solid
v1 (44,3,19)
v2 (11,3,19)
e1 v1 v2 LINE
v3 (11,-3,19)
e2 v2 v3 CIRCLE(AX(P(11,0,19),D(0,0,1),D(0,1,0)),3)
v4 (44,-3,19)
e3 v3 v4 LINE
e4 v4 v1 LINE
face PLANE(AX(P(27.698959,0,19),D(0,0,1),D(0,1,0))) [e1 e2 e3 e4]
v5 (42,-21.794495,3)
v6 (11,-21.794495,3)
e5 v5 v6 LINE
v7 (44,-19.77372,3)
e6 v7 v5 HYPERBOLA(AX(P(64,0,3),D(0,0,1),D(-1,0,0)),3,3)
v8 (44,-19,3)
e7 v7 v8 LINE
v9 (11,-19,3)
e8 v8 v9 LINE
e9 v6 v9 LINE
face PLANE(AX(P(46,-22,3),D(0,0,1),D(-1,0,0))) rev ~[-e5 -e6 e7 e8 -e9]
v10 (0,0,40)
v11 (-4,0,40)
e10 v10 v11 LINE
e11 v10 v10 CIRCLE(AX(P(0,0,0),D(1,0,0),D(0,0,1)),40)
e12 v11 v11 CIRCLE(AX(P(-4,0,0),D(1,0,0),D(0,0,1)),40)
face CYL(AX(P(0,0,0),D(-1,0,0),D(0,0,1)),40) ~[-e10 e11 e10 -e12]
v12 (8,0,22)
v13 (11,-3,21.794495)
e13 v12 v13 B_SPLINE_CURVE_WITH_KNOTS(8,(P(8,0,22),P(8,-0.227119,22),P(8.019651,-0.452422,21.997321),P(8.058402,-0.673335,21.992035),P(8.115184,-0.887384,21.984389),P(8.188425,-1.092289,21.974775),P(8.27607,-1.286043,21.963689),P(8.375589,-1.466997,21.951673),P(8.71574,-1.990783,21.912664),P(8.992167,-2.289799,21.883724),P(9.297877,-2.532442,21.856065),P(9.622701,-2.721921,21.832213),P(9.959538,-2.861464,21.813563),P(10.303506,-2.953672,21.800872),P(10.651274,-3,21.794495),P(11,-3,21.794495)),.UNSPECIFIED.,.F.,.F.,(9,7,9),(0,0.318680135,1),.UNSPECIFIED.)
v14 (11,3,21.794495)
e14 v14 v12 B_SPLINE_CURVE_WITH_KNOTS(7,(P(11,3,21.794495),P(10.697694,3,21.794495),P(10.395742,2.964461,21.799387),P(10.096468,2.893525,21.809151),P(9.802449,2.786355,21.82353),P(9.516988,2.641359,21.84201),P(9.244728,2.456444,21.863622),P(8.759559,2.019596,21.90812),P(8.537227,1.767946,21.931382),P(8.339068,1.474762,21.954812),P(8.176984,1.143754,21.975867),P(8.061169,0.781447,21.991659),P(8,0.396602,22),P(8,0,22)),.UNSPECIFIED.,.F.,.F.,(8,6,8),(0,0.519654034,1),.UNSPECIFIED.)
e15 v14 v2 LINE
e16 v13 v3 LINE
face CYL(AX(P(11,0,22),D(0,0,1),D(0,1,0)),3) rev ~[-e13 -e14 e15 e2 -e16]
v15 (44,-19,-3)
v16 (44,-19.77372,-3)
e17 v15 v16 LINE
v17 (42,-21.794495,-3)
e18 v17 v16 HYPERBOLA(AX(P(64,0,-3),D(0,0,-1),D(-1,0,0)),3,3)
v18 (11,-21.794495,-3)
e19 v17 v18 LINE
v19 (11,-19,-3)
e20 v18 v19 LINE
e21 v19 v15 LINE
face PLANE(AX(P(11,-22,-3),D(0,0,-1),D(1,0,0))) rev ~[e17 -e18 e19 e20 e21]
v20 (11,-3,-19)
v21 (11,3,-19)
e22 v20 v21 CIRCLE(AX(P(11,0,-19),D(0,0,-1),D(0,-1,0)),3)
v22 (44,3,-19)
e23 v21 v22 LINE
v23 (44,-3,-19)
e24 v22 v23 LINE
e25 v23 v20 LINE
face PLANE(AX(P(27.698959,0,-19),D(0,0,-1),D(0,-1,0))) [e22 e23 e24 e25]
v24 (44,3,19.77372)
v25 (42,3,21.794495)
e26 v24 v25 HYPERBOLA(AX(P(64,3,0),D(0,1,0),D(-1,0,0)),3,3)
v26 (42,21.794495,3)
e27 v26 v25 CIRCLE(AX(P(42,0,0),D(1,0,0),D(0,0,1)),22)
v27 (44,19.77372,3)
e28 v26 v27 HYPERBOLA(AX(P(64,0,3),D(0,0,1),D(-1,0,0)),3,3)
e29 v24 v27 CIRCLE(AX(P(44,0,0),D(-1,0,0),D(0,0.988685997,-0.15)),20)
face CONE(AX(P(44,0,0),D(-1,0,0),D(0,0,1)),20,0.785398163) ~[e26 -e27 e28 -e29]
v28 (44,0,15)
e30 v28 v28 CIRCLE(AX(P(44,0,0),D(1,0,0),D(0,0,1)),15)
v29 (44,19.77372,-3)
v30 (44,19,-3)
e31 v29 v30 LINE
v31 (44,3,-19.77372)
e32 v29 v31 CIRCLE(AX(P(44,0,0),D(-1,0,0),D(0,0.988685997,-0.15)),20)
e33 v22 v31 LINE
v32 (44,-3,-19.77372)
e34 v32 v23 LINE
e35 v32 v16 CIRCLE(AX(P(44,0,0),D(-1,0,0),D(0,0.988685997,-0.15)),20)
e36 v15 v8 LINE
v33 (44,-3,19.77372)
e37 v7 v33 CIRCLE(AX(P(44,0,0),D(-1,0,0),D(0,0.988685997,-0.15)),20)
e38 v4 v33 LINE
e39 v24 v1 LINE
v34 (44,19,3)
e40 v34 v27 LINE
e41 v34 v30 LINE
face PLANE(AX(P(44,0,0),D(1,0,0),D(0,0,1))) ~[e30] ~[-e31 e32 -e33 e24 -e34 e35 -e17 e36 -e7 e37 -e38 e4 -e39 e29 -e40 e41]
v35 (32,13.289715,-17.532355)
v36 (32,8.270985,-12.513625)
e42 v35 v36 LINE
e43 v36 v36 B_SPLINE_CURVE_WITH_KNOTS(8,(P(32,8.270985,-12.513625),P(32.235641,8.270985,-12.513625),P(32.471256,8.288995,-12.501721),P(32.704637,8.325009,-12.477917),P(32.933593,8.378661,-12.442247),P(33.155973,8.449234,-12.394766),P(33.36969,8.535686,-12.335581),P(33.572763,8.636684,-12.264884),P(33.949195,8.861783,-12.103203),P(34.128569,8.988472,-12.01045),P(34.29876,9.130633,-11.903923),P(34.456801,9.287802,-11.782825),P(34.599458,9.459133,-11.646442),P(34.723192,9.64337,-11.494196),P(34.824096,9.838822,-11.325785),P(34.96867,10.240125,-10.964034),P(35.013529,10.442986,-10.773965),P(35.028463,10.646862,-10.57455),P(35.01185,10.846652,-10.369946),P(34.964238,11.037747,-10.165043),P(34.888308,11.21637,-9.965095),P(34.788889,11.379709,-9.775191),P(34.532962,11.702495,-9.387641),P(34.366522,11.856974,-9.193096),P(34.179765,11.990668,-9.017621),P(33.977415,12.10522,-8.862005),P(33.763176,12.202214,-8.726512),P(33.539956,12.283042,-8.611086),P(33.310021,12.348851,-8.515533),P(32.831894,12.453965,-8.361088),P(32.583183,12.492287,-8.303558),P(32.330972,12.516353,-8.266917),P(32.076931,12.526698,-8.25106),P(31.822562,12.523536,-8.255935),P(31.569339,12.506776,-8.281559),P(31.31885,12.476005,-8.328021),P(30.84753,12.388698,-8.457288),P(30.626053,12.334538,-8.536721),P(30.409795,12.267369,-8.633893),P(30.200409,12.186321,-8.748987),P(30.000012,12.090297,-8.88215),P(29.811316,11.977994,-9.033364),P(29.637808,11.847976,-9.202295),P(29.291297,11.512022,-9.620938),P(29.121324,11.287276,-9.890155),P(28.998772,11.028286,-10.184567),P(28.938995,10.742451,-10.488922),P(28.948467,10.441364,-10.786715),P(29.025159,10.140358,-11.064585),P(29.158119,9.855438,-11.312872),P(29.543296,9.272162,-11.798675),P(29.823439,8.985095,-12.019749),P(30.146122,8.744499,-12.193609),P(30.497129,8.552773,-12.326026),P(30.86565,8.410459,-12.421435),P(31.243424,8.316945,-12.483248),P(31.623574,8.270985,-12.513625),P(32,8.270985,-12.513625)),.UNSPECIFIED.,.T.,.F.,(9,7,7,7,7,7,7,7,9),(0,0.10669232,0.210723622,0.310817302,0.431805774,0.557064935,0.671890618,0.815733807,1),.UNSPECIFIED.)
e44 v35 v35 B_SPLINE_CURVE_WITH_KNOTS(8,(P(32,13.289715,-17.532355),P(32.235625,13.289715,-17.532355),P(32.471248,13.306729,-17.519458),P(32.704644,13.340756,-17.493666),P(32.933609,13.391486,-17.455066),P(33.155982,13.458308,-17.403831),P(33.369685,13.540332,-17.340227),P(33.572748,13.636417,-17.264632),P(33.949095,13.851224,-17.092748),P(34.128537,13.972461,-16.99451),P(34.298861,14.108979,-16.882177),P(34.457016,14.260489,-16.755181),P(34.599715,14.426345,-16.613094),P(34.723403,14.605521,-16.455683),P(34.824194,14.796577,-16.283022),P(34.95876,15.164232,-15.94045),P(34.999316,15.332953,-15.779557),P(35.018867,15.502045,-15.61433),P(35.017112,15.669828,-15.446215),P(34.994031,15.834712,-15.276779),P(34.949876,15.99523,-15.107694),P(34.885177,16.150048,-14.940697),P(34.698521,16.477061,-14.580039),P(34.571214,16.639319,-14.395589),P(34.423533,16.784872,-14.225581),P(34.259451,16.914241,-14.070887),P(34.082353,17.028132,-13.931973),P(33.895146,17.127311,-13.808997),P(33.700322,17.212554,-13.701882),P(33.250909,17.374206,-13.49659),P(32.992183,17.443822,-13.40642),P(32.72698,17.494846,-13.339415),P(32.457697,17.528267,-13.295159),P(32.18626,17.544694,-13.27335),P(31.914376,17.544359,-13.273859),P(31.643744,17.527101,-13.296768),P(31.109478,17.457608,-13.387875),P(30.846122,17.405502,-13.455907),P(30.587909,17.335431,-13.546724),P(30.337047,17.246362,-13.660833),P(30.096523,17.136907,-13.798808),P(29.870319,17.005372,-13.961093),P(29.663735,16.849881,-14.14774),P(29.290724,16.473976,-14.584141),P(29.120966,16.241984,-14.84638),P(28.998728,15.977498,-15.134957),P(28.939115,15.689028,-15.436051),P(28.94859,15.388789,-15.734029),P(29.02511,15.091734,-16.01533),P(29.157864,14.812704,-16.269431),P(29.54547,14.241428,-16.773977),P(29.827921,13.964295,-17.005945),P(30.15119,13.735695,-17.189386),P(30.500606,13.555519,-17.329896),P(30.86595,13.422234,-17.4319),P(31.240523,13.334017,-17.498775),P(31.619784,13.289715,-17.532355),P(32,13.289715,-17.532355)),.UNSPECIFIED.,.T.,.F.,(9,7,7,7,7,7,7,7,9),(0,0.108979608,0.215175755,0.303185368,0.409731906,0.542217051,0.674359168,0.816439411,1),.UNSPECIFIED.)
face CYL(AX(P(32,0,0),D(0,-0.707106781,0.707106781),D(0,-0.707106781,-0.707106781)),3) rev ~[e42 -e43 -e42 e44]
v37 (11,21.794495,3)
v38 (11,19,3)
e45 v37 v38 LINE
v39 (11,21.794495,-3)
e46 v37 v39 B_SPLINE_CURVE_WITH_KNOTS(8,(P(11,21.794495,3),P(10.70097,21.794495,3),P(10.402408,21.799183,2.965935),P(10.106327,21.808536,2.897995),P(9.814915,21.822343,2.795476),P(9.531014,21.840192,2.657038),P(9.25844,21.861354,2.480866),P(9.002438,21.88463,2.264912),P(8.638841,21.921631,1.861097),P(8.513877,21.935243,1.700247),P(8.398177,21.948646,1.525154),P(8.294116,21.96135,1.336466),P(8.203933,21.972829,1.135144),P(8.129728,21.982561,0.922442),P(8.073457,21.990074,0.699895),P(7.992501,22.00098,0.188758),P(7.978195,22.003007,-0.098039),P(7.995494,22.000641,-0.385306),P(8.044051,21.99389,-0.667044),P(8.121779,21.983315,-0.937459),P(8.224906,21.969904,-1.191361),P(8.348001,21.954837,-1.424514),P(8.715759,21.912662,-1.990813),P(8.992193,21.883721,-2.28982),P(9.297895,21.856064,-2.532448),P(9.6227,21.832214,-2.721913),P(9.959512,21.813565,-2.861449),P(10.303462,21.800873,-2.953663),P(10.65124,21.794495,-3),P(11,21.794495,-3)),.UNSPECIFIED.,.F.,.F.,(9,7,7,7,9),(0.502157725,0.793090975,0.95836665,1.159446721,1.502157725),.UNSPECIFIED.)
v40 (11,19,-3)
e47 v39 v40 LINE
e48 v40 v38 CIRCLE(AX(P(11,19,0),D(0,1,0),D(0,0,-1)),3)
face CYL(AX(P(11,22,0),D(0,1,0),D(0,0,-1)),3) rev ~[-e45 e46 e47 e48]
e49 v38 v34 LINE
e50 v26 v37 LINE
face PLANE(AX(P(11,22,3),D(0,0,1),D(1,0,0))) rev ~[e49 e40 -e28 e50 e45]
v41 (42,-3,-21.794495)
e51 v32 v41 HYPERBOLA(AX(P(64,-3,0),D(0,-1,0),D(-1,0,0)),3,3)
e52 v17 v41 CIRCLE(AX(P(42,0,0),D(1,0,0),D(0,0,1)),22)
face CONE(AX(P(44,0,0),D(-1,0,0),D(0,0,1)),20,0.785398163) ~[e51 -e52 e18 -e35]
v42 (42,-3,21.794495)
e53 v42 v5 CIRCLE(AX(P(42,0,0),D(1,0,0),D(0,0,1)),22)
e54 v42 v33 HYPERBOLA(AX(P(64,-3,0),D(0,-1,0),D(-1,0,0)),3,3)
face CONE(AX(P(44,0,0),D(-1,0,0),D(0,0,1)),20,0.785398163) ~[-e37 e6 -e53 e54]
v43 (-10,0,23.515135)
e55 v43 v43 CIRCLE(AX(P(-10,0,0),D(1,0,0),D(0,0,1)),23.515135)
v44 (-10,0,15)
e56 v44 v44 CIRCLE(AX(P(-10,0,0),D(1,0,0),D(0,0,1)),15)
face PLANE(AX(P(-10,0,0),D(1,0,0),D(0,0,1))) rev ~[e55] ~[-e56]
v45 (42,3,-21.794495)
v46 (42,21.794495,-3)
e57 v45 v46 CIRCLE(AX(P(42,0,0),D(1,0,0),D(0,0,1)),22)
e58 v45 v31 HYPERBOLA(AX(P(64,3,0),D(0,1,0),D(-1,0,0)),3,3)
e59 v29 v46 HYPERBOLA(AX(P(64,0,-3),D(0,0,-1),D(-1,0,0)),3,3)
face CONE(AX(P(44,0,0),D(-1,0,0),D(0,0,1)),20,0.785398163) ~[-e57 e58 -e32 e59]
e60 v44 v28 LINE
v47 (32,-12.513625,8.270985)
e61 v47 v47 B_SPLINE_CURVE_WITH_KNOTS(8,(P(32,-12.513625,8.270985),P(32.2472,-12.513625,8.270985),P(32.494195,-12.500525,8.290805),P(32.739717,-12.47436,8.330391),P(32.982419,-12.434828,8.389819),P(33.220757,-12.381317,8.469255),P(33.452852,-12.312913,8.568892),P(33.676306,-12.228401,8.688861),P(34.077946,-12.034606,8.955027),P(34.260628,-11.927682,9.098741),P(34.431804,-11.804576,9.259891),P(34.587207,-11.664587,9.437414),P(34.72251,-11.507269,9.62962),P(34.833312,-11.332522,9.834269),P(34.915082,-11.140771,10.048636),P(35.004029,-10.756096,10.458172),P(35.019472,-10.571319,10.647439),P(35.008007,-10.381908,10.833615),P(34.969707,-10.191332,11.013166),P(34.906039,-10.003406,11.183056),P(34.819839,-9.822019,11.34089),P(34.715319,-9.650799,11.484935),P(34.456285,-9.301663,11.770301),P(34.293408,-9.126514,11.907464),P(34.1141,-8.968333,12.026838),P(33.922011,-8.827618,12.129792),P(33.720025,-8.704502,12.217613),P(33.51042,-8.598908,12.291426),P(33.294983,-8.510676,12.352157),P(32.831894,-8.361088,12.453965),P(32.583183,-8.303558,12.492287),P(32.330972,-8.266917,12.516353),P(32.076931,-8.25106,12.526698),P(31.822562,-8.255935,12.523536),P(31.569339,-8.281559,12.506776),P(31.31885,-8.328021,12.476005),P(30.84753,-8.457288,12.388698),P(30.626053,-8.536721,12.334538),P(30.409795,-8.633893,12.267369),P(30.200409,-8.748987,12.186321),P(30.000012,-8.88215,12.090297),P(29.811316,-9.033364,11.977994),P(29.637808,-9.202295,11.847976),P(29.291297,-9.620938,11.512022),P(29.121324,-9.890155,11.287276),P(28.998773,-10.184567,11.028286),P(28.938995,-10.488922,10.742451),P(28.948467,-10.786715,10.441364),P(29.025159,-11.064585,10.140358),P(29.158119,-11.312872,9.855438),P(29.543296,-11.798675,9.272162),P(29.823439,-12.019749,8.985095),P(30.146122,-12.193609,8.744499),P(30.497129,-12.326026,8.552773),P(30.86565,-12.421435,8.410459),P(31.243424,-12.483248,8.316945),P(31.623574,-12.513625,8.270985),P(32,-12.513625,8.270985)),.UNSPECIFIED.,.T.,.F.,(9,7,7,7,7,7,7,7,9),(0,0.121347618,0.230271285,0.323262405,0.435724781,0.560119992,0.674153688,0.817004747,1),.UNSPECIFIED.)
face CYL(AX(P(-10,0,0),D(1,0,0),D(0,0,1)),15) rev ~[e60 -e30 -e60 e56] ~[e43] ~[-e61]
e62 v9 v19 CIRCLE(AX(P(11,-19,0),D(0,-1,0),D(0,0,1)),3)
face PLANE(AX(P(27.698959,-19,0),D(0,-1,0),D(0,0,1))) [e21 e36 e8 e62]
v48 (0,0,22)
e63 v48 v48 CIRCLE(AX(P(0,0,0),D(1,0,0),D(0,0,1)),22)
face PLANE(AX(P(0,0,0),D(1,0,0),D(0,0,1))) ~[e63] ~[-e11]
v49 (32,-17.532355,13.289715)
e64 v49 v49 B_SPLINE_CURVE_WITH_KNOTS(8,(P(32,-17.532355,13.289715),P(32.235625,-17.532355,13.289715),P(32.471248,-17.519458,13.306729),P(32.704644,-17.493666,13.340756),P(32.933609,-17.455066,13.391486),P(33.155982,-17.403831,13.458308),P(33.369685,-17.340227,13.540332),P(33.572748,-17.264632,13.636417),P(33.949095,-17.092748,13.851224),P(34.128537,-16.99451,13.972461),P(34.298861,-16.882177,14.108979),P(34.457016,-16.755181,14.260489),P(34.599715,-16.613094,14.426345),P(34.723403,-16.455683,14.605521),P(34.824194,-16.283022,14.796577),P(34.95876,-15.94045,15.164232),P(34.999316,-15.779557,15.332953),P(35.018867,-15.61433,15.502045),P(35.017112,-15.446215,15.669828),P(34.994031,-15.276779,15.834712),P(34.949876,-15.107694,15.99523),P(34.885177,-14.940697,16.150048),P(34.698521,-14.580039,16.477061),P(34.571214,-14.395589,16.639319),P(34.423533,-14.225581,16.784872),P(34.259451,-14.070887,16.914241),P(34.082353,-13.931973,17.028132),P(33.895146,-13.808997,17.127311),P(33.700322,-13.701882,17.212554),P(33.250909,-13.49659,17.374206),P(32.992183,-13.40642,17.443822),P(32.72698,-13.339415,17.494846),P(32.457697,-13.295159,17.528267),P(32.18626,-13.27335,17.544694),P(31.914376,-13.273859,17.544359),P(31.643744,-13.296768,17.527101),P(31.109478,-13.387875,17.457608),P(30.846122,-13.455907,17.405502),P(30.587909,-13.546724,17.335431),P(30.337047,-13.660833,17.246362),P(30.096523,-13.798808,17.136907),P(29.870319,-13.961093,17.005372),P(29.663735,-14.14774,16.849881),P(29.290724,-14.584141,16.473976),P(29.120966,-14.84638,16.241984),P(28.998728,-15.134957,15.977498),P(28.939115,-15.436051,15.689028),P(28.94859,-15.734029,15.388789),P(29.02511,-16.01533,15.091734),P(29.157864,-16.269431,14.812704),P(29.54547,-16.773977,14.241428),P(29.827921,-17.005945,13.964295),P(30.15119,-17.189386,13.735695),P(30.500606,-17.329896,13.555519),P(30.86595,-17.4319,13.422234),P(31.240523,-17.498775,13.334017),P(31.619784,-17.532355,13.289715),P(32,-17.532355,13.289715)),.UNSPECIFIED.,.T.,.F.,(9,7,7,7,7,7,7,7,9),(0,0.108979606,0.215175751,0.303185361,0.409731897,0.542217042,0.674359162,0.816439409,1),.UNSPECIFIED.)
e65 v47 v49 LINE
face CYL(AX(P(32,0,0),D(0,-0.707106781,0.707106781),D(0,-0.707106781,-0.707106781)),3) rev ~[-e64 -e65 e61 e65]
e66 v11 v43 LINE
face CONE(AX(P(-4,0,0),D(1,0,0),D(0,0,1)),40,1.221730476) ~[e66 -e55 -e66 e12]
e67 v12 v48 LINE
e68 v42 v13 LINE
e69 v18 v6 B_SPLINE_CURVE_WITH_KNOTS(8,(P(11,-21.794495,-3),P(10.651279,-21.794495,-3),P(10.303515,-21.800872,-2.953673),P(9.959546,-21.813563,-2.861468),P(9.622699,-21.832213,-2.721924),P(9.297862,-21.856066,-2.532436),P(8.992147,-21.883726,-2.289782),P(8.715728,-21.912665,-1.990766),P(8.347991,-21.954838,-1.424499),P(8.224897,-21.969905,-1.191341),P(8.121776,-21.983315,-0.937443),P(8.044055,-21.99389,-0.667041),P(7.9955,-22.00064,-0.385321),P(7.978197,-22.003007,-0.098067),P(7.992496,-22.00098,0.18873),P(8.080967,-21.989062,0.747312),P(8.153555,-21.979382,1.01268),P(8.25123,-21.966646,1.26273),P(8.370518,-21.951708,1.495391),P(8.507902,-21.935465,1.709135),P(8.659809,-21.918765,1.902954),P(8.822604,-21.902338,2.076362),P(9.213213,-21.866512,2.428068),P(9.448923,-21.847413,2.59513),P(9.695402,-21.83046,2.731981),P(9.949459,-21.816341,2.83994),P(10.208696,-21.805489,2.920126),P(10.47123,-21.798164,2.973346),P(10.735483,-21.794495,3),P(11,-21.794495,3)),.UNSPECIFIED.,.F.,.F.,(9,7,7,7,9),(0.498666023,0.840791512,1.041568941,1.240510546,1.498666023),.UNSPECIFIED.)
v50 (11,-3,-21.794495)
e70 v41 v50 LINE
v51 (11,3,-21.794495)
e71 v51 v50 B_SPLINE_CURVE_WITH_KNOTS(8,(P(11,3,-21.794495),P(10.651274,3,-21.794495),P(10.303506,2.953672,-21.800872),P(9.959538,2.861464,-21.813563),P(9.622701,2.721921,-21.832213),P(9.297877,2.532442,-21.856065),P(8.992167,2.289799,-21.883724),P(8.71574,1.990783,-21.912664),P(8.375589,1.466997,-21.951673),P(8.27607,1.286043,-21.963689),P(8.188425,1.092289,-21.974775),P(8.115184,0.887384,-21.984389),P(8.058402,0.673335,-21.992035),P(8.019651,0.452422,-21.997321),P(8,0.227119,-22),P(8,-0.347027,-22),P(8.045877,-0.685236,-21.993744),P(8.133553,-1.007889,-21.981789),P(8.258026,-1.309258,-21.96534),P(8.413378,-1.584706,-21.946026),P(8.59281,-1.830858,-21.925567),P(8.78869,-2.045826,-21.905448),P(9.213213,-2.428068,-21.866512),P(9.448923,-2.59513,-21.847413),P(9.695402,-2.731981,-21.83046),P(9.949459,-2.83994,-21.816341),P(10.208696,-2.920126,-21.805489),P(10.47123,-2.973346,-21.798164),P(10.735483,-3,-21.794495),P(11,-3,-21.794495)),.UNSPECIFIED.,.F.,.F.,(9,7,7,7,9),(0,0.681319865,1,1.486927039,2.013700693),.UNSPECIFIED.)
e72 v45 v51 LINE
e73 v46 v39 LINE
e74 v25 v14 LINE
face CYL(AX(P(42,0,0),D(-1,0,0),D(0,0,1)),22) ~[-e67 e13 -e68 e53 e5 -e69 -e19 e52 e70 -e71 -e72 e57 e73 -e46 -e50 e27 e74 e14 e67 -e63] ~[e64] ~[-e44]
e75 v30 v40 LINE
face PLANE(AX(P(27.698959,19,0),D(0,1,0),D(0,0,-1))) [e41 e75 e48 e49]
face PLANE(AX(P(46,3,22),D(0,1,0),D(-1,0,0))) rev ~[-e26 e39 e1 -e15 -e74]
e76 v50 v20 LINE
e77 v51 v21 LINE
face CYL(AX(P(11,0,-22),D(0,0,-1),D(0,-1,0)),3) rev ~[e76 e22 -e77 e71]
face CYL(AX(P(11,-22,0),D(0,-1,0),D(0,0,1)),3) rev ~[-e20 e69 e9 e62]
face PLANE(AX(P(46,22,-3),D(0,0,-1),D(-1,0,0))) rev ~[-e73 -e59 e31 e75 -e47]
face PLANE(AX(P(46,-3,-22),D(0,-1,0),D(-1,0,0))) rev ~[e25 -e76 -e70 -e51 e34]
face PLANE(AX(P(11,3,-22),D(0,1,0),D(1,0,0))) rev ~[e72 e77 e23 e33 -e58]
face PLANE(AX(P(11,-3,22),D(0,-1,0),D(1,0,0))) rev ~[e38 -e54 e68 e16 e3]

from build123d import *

# Parameters (mm, degrees)
ENL_V_MAT_EXTRU_1_DEPTH      = 3
R_P_TITION_CIRCULAIRE1_COUNT = 4
ESQUISSE5_R                  = 3
ENL_V_MAT_EXTRU_2_DEPTH      = 40


with BuildPart() as part:
    # Esquisse1 → Base-Révolution (revolve)
    with BuildSketch(Plane.XY, mode=Mode.PRIVATE) as base_r_volution_sk:
        Polygon((0, 40), (-4, 40), (-10, 23.515135483), (-10, 15), (44, 15), (44, 20), (42, 22), (0, 22), align=None)
    revolve(base_r_volution_sk.sketch.rotate(Axis((0, 0, 0), (1, 0, 0)), 90), axis=Axis((0, 0, 0), (1, 0, 0)))

    # Esquisse3 → Enlèv. mat.-Extru.1 (cut)
    with BuildSketch(Plane(origin=(21, 22, 0), x_dir=(0, 0, -1), z_dir=(0, 1, 0))):
        with BuildLine():
            Line((-3, -25), (3, -25))
            Line((3, -25), (3, 10))
            ThreePointArc((3, 10), (0, 13), (-3, 10))
            Line((-3, 10), (-3, -25))
        make_face()
    enl_v_mat_extru_1 = extrude(amount=-ENL_V_MAT_EXTRU_1_DEPTH, mode=Mode.SUBTRACT)

    # Répétition circulaire1: Enlèv. mat.-Extru.1 ×4 about axis
    r_p_tition_circulaire1_axis = Axis((0, 0, 0), (1, 0, 0))
    for i in range(1, R_P_TITION_CIRCULAIRE1_COUNT):
        add(enl_v_mat_extru_1.rotate(r_p_tition_circulaire1_axis, i * 360 / R_P_TITION_CIRCULAIRE1_COUNT), mode=Mode.SUBTRACT)

    # Esquisse5 → Enlèv. mat.-Extru.2 (cut, symmetric)
    with BuildSketch(Plane(origin=(0, 0, 0), x_dir=(1, 0, 0), z_dir=(0, -0.7071067811865488, 0.7071067811865462))):
        with Locations(Location((32, 0, 0), (0, 0, 270))):
            Circle(ESQUISSE5_R)
    extrude(amount=ENL_V_MAT_EXTRU_2_DEPTH, both=True, mode=Mode.SUBTRACT)


solid = part.part
